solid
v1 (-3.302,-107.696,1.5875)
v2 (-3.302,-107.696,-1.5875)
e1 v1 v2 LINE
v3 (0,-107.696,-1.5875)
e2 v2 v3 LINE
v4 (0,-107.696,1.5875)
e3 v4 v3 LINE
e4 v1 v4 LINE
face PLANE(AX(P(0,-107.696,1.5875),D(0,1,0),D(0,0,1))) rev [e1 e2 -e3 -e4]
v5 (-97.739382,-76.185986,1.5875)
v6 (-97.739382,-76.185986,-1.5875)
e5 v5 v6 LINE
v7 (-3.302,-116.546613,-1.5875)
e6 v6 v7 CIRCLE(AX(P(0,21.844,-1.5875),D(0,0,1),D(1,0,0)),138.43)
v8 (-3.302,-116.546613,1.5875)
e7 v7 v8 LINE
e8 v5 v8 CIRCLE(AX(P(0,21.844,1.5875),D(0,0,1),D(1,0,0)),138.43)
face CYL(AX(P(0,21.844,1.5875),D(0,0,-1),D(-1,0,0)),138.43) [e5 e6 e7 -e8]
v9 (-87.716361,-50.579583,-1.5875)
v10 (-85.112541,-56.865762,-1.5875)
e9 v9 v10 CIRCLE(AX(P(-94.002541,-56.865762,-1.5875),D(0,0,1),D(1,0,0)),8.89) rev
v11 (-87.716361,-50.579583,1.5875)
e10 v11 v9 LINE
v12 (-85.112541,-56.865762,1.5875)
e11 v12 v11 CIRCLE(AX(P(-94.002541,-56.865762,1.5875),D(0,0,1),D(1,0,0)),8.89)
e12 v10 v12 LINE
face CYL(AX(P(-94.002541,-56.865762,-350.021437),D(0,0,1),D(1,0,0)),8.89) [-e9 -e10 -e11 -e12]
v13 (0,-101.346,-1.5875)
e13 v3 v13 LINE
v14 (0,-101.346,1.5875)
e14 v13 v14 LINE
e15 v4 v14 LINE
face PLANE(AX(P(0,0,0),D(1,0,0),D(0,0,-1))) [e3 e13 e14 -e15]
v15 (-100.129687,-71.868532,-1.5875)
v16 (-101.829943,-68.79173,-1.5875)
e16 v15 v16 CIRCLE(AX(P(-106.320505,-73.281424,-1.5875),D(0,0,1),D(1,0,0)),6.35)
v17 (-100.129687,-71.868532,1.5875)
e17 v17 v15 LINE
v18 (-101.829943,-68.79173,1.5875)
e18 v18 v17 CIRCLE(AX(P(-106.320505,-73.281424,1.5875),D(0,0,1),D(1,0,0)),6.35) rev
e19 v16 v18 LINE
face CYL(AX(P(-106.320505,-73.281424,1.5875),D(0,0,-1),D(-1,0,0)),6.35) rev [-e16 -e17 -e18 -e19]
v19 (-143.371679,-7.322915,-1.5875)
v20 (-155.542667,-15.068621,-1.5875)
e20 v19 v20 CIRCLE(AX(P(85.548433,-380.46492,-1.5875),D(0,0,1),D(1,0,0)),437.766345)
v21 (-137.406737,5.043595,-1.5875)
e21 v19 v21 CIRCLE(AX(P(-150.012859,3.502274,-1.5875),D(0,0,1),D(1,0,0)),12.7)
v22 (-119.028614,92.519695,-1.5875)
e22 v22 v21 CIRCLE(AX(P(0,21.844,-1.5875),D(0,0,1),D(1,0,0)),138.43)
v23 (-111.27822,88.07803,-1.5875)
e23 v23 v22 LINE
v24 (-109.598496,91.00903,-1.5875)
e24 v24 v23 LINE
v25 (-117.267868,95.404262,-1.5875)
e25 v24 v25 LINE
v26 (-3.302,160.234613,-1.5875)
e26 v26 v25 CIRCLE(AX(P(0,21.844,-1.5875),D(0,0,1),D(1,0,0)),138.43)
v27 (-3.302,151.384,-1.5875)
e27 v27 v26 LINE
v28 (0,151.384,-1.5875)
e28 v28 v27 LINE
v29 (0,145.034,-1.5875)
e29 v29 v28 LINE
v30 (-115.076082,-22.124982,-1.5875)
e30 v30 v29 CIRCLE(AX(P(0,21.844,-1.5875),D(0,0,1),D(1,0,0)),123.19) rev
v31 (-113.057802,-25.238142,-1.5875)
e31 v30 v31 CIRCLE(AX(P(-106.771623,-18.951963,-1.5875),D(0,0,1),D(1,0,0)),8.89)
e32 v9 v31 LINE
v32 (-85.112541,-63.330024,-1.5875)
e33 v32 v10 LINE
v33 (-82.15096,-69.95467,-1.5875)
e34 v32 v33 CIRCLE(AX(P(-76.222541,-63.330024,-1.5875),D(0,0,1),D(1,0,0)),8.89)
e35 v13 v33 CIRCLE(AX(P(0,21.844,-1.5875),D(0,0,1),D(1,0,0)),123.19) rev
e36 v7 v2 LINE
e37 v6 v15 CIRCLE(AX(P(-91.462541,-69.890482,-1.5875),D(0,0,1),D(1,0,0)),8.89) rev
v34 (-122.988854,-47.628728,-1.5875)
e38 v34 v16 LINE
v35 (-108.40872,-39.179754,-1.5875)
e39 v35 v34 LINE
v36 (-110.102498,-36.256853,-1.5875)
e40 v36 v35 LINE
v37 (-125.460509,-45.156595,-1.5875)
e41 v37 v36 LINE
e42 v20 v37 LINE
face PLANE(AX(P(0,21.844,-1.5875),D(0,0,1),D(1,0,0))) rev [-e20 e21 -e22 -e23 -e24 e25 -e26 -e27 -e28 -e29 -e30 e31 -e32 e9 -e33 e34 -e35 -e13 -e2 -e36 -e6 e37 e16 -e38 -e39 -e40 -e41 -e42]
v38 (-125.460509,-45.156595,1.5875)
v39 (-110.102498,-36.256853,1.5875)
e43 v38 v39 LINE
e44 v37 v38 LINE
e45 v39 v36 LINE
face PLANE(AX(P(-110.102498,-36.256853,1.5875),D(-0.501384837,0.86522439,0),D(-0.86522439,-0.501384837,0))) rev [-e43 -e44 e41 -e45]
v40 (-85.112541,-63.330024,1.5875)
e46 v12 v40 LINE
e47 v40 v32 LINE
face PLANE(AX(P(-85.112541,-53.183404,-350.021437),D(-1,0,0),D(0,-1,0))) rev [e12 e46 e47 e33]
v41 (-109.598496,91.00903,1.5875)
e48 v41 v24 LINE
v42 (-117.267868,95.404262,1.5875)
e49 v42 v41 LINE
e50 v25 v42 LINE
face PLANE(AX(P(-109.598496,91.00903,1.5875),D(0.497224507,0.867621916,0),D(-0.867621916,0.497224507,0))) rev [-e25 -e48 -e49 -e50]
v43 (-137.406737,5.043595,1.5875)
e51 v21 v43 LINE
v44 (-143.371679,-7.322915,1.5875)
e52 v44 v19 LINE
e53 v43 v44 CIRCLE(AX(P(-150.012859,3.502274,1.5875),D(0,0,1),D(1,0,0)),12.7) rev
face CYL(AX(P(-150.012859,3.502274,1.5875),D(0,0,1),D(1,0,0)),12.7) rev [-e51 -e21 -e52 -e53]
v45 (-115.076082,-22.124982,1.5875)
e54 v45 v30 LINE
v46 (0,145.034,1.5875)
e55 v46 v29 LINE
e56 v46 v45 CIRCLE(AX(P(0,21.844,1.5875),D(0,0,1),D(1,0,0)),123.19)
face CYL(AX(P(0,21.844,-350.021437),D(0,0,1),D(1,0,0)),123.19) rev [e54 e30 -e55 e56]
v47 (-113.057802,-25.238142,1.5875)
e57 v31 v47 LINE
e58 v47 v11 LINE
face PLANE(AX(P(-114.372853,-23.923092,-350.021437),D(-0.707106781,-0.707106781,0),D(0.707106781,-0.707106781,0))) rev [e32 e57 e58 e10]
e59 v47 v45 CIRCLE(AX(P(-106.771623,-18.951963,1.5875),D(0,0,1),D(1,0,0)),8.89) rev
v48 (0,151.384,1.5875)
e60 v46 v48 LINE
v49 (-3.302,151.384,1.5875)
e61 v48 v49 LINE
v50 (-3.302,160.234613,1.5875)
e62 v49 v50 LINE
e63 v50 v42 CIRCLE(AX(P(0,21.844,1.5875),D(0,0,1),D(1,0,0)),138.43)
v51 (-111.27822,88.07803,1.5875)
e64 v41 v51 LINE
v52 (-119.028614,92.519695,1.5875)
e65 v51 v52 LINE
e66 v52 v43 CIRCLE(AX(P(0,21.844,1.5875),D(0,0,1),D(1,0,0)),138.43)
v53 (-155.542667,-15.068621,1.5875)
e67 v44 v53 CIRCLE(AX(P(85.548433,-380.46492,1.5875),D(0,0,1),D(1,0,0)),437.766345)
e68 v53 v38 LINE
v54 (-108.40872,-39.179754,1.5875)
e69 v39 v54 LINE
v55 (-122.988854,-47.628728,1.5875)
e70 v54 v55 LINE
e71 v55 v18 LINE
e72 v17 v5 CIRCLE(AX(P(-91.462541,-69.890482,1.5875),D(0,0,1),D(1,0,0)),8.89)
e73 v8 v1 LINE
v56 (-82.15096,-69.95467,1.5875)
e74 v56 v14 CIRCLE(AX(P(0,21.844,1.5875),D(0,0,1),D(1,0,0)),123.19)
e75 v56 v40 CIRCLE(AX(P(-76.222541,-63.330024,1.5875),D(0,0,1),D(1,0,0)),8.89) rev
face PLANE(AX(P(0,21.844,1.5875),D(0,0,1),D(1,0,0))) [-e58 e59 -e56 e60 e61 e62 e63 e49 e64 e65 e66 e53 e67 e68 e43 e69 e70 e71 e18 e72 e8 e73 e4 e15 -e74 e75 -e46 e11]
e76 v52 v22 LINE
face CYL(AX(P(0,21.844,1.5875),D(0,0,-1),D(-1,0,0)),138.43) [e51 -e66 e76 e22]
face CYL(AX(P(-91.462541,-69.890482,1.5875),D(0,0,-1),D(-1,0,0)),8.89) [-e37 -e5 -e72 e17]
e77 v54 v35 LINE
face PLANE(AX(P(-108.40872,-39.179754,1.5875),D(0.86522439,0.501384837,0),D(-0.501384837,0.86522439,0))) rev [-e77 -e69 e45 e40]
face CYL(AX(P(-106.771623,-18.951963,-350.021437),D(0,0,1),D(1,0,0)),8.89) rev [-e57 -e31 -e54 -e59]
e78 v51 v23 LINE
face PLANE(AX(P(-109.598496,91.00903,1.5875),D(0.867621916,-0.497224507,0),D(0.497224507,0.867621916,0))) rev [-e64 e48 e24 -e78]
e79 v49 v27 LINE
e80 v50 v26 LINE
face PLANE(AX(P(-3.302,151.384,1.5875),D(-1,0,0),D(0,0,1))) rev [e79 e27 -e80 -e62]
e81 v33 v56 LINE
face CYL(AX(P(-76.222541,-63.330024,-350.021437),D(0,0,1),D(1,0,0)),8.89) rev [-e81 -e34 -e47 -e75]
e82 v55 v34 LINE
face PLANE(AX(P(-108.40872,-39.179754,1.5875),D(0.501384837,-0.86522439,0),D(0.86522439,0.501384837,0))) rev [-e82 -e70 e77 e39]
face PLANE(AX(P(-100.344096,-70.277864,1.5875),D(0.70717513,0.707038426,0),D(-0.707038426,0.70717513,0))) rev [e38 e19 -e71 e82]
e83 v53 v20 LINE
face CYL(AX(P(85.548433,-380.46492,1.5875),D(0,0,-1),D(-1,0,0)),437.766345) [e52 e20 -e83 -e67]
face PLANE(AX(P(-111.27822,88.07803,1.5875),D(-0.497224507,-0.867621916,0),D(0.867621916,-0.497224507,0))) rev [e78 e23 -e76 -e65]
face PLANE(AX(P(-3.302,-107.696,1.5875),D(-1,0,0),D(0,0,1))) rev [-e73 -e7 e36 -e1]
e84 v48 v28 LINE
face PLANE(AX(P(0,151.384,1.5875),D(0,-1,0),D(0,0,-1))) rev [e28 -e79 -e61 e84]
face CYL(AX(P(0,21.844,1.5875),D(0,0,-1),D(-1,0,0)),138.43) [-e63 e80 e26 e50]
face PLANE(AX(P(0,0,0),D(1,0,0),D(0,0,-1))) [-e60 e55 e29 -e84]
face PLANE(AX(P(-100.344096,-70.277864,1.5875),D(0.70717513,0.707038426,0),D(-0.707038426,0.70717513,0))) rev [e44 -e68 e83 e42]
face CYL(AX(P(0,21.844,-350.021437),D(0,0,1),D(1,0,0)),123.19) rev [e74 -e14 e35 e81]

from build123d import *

# Parameters (mm, degrees)
BOSS_EXTRUDE1_DEPTH = 1.5875
CUT_EXTRUDE1_DEPTH  = 3.175
FILLET1_R           = 8.89
SKETCH4_W           = 218.524279389
SKETCH4_H           = 440.65456999
CUT_EXTRUDE3_DEPTH  = 139.43
BOSS_EXTRUDE2_DEPTH = 1.5875
FILLET2_R           = 12.7
FILLET3_R           = 6.35
SKETCH6_W           = 3.302
SKETCH6_H           = 12.7
CUT_EXTRUDE4_DEPTH  = 4.1750001


with BuildPart() as part:
    # Sketch1 → Boss-Extrude1 (new body, symmetric)
    with BuildSketch(Plane.XY):
        with BuildLine():
            Line((-127.293308919, -32.555250036), (-100.352540556, -59.496018399))
            Line((-100.352540556, -59.496018399), (-100.352540556, -73.509198709))
            ThreePointArc((-100.352540556, -73.509198709), (-79.006783461, -91.825666433), (-54.399250036, -105.449308919))
            ThreePointArc((-54.399250036, -105.449308919), (97.88479172, 119.72879172), (-127.293308919, -32.555250036))
        make_face()
    extrude(amount=BOSS_EXTRUDE1_DEPTH, both=True)

    # Sketch2 → Cut-Extrude1 (cut)
    with BuildSketch(Plane.XY.offset(1.5875)):
        with BuildLine():
            Line((-114.372852664, -23.923091601), (-85.112540556, -53.183403709))
            Line((-85.112540556, -53.183403709), (-85.112540556, -67.215707726))
            ThreePointArc((-85.112540556, -67.215707726), (102.064529488, 90.826663911), (-114.372852664, -23.923091601))
        make_face()
    extrude(amount=-CUT_EXTRUDE1_DEPTH, mode=Mode.SUBTRACT)

    # Fillet1
    fillet1_edges = [part.edges().sort_by_distance(p)[0] for p in [
        (-114.372852664, -23.923091601, 0),
        (-85.112540556, -67.215707726, 0),
        (-85.112540556, -53.183403709, 0),
        (-100.352540556, -73.509198709, -0.79375),
        (-100.352540556, -59.496018399, -0.79375),
        (-127.293308919, -32.555250036, -0.79375),
    ]]
    fillet(fillet1_edges, radius=FILLET1_R)

    # Sketch4 → Cut-Extrude3 (cut, through all)
    with BuildSketch(Plane(origin=(0, 0, 0), x_dir=(0, 0, -1), z_dir=(1, 0, 0))):
        with Locations((12.98164036, 12.468370851)):
            Rectangle(SKETCH4_W, SKETCH4_H)
    extrude(amount=CUT_EXTRUDE3_DEPTH, mode=Mode.SUBTRACT)

    # Sketch5 → Boss-Extrude2 (add, symmetric)
    with BuildSketch(Plane.XY):
        with BuildLine():
            Line((-100.344096462, -70.2778643), (-93.131982579, -63.067144592))
            Line((-93.131982579, -63.067144592), (-135.386236526, -2.54))
            ThreePointArc((-135.386236526, -2.54), (-145.549369809, -8.667691803), (-155.542666772, -15.068621483))
            Line((-155.542666772, -15.068621483), (-100.344096462, -70.2778643))
        make_face()
    extrude(amount=BOSS_EXTRUDE2_DEPTH, both=True)

    # Fillet2
    fillet2_edges = [part.edges().sort_by_distance(p)[0] for p in [
        (-136.181300165, -3.005917211, 0),
    ]]
    fillet(fillet2_edges, radius=FILLET2_R)

    # Fillet3
    fillet3_edges = [part.edges().sort_by_distance(p)[0] for p in [
        (-100.344096462, -70.2778643, -0.79375),
    ]]
    fillet(fillet3_edges, radius=FILLET3_R)

    # Sketch6 → Cut-Extrude4 (cut, through all)
    with BuildSketch(Plane(origin=(0, 0, -1.5875), x_dir=(-1, 0, 0), z_dir=(0, 0, -1))):
        with Locations((1.651, 157.734)):
            Rectangle(SKETCH6_W, SKETCH6_H)
        Polygon((109.598496198, 91.009030044), (111.278220029, 88.078029687), (122.297018363, 94.392780931), (120.617294532, 97.323781288), align=None)
        Polygon((108.408719805, -39.179754441), (110.102498062, -36.256853407), (126.58502269, -45.808234558), (124.891244433, -48.731135592), align=None)
        with Locations((1.651, -114.046)):
            Rectangle(SKETCH6_W, SKETCH6_H)
    extrude(amount=-CUT_EXTRUDE4_DEPTH, mode=Mode.SUBTRACT)


solid = part.part
